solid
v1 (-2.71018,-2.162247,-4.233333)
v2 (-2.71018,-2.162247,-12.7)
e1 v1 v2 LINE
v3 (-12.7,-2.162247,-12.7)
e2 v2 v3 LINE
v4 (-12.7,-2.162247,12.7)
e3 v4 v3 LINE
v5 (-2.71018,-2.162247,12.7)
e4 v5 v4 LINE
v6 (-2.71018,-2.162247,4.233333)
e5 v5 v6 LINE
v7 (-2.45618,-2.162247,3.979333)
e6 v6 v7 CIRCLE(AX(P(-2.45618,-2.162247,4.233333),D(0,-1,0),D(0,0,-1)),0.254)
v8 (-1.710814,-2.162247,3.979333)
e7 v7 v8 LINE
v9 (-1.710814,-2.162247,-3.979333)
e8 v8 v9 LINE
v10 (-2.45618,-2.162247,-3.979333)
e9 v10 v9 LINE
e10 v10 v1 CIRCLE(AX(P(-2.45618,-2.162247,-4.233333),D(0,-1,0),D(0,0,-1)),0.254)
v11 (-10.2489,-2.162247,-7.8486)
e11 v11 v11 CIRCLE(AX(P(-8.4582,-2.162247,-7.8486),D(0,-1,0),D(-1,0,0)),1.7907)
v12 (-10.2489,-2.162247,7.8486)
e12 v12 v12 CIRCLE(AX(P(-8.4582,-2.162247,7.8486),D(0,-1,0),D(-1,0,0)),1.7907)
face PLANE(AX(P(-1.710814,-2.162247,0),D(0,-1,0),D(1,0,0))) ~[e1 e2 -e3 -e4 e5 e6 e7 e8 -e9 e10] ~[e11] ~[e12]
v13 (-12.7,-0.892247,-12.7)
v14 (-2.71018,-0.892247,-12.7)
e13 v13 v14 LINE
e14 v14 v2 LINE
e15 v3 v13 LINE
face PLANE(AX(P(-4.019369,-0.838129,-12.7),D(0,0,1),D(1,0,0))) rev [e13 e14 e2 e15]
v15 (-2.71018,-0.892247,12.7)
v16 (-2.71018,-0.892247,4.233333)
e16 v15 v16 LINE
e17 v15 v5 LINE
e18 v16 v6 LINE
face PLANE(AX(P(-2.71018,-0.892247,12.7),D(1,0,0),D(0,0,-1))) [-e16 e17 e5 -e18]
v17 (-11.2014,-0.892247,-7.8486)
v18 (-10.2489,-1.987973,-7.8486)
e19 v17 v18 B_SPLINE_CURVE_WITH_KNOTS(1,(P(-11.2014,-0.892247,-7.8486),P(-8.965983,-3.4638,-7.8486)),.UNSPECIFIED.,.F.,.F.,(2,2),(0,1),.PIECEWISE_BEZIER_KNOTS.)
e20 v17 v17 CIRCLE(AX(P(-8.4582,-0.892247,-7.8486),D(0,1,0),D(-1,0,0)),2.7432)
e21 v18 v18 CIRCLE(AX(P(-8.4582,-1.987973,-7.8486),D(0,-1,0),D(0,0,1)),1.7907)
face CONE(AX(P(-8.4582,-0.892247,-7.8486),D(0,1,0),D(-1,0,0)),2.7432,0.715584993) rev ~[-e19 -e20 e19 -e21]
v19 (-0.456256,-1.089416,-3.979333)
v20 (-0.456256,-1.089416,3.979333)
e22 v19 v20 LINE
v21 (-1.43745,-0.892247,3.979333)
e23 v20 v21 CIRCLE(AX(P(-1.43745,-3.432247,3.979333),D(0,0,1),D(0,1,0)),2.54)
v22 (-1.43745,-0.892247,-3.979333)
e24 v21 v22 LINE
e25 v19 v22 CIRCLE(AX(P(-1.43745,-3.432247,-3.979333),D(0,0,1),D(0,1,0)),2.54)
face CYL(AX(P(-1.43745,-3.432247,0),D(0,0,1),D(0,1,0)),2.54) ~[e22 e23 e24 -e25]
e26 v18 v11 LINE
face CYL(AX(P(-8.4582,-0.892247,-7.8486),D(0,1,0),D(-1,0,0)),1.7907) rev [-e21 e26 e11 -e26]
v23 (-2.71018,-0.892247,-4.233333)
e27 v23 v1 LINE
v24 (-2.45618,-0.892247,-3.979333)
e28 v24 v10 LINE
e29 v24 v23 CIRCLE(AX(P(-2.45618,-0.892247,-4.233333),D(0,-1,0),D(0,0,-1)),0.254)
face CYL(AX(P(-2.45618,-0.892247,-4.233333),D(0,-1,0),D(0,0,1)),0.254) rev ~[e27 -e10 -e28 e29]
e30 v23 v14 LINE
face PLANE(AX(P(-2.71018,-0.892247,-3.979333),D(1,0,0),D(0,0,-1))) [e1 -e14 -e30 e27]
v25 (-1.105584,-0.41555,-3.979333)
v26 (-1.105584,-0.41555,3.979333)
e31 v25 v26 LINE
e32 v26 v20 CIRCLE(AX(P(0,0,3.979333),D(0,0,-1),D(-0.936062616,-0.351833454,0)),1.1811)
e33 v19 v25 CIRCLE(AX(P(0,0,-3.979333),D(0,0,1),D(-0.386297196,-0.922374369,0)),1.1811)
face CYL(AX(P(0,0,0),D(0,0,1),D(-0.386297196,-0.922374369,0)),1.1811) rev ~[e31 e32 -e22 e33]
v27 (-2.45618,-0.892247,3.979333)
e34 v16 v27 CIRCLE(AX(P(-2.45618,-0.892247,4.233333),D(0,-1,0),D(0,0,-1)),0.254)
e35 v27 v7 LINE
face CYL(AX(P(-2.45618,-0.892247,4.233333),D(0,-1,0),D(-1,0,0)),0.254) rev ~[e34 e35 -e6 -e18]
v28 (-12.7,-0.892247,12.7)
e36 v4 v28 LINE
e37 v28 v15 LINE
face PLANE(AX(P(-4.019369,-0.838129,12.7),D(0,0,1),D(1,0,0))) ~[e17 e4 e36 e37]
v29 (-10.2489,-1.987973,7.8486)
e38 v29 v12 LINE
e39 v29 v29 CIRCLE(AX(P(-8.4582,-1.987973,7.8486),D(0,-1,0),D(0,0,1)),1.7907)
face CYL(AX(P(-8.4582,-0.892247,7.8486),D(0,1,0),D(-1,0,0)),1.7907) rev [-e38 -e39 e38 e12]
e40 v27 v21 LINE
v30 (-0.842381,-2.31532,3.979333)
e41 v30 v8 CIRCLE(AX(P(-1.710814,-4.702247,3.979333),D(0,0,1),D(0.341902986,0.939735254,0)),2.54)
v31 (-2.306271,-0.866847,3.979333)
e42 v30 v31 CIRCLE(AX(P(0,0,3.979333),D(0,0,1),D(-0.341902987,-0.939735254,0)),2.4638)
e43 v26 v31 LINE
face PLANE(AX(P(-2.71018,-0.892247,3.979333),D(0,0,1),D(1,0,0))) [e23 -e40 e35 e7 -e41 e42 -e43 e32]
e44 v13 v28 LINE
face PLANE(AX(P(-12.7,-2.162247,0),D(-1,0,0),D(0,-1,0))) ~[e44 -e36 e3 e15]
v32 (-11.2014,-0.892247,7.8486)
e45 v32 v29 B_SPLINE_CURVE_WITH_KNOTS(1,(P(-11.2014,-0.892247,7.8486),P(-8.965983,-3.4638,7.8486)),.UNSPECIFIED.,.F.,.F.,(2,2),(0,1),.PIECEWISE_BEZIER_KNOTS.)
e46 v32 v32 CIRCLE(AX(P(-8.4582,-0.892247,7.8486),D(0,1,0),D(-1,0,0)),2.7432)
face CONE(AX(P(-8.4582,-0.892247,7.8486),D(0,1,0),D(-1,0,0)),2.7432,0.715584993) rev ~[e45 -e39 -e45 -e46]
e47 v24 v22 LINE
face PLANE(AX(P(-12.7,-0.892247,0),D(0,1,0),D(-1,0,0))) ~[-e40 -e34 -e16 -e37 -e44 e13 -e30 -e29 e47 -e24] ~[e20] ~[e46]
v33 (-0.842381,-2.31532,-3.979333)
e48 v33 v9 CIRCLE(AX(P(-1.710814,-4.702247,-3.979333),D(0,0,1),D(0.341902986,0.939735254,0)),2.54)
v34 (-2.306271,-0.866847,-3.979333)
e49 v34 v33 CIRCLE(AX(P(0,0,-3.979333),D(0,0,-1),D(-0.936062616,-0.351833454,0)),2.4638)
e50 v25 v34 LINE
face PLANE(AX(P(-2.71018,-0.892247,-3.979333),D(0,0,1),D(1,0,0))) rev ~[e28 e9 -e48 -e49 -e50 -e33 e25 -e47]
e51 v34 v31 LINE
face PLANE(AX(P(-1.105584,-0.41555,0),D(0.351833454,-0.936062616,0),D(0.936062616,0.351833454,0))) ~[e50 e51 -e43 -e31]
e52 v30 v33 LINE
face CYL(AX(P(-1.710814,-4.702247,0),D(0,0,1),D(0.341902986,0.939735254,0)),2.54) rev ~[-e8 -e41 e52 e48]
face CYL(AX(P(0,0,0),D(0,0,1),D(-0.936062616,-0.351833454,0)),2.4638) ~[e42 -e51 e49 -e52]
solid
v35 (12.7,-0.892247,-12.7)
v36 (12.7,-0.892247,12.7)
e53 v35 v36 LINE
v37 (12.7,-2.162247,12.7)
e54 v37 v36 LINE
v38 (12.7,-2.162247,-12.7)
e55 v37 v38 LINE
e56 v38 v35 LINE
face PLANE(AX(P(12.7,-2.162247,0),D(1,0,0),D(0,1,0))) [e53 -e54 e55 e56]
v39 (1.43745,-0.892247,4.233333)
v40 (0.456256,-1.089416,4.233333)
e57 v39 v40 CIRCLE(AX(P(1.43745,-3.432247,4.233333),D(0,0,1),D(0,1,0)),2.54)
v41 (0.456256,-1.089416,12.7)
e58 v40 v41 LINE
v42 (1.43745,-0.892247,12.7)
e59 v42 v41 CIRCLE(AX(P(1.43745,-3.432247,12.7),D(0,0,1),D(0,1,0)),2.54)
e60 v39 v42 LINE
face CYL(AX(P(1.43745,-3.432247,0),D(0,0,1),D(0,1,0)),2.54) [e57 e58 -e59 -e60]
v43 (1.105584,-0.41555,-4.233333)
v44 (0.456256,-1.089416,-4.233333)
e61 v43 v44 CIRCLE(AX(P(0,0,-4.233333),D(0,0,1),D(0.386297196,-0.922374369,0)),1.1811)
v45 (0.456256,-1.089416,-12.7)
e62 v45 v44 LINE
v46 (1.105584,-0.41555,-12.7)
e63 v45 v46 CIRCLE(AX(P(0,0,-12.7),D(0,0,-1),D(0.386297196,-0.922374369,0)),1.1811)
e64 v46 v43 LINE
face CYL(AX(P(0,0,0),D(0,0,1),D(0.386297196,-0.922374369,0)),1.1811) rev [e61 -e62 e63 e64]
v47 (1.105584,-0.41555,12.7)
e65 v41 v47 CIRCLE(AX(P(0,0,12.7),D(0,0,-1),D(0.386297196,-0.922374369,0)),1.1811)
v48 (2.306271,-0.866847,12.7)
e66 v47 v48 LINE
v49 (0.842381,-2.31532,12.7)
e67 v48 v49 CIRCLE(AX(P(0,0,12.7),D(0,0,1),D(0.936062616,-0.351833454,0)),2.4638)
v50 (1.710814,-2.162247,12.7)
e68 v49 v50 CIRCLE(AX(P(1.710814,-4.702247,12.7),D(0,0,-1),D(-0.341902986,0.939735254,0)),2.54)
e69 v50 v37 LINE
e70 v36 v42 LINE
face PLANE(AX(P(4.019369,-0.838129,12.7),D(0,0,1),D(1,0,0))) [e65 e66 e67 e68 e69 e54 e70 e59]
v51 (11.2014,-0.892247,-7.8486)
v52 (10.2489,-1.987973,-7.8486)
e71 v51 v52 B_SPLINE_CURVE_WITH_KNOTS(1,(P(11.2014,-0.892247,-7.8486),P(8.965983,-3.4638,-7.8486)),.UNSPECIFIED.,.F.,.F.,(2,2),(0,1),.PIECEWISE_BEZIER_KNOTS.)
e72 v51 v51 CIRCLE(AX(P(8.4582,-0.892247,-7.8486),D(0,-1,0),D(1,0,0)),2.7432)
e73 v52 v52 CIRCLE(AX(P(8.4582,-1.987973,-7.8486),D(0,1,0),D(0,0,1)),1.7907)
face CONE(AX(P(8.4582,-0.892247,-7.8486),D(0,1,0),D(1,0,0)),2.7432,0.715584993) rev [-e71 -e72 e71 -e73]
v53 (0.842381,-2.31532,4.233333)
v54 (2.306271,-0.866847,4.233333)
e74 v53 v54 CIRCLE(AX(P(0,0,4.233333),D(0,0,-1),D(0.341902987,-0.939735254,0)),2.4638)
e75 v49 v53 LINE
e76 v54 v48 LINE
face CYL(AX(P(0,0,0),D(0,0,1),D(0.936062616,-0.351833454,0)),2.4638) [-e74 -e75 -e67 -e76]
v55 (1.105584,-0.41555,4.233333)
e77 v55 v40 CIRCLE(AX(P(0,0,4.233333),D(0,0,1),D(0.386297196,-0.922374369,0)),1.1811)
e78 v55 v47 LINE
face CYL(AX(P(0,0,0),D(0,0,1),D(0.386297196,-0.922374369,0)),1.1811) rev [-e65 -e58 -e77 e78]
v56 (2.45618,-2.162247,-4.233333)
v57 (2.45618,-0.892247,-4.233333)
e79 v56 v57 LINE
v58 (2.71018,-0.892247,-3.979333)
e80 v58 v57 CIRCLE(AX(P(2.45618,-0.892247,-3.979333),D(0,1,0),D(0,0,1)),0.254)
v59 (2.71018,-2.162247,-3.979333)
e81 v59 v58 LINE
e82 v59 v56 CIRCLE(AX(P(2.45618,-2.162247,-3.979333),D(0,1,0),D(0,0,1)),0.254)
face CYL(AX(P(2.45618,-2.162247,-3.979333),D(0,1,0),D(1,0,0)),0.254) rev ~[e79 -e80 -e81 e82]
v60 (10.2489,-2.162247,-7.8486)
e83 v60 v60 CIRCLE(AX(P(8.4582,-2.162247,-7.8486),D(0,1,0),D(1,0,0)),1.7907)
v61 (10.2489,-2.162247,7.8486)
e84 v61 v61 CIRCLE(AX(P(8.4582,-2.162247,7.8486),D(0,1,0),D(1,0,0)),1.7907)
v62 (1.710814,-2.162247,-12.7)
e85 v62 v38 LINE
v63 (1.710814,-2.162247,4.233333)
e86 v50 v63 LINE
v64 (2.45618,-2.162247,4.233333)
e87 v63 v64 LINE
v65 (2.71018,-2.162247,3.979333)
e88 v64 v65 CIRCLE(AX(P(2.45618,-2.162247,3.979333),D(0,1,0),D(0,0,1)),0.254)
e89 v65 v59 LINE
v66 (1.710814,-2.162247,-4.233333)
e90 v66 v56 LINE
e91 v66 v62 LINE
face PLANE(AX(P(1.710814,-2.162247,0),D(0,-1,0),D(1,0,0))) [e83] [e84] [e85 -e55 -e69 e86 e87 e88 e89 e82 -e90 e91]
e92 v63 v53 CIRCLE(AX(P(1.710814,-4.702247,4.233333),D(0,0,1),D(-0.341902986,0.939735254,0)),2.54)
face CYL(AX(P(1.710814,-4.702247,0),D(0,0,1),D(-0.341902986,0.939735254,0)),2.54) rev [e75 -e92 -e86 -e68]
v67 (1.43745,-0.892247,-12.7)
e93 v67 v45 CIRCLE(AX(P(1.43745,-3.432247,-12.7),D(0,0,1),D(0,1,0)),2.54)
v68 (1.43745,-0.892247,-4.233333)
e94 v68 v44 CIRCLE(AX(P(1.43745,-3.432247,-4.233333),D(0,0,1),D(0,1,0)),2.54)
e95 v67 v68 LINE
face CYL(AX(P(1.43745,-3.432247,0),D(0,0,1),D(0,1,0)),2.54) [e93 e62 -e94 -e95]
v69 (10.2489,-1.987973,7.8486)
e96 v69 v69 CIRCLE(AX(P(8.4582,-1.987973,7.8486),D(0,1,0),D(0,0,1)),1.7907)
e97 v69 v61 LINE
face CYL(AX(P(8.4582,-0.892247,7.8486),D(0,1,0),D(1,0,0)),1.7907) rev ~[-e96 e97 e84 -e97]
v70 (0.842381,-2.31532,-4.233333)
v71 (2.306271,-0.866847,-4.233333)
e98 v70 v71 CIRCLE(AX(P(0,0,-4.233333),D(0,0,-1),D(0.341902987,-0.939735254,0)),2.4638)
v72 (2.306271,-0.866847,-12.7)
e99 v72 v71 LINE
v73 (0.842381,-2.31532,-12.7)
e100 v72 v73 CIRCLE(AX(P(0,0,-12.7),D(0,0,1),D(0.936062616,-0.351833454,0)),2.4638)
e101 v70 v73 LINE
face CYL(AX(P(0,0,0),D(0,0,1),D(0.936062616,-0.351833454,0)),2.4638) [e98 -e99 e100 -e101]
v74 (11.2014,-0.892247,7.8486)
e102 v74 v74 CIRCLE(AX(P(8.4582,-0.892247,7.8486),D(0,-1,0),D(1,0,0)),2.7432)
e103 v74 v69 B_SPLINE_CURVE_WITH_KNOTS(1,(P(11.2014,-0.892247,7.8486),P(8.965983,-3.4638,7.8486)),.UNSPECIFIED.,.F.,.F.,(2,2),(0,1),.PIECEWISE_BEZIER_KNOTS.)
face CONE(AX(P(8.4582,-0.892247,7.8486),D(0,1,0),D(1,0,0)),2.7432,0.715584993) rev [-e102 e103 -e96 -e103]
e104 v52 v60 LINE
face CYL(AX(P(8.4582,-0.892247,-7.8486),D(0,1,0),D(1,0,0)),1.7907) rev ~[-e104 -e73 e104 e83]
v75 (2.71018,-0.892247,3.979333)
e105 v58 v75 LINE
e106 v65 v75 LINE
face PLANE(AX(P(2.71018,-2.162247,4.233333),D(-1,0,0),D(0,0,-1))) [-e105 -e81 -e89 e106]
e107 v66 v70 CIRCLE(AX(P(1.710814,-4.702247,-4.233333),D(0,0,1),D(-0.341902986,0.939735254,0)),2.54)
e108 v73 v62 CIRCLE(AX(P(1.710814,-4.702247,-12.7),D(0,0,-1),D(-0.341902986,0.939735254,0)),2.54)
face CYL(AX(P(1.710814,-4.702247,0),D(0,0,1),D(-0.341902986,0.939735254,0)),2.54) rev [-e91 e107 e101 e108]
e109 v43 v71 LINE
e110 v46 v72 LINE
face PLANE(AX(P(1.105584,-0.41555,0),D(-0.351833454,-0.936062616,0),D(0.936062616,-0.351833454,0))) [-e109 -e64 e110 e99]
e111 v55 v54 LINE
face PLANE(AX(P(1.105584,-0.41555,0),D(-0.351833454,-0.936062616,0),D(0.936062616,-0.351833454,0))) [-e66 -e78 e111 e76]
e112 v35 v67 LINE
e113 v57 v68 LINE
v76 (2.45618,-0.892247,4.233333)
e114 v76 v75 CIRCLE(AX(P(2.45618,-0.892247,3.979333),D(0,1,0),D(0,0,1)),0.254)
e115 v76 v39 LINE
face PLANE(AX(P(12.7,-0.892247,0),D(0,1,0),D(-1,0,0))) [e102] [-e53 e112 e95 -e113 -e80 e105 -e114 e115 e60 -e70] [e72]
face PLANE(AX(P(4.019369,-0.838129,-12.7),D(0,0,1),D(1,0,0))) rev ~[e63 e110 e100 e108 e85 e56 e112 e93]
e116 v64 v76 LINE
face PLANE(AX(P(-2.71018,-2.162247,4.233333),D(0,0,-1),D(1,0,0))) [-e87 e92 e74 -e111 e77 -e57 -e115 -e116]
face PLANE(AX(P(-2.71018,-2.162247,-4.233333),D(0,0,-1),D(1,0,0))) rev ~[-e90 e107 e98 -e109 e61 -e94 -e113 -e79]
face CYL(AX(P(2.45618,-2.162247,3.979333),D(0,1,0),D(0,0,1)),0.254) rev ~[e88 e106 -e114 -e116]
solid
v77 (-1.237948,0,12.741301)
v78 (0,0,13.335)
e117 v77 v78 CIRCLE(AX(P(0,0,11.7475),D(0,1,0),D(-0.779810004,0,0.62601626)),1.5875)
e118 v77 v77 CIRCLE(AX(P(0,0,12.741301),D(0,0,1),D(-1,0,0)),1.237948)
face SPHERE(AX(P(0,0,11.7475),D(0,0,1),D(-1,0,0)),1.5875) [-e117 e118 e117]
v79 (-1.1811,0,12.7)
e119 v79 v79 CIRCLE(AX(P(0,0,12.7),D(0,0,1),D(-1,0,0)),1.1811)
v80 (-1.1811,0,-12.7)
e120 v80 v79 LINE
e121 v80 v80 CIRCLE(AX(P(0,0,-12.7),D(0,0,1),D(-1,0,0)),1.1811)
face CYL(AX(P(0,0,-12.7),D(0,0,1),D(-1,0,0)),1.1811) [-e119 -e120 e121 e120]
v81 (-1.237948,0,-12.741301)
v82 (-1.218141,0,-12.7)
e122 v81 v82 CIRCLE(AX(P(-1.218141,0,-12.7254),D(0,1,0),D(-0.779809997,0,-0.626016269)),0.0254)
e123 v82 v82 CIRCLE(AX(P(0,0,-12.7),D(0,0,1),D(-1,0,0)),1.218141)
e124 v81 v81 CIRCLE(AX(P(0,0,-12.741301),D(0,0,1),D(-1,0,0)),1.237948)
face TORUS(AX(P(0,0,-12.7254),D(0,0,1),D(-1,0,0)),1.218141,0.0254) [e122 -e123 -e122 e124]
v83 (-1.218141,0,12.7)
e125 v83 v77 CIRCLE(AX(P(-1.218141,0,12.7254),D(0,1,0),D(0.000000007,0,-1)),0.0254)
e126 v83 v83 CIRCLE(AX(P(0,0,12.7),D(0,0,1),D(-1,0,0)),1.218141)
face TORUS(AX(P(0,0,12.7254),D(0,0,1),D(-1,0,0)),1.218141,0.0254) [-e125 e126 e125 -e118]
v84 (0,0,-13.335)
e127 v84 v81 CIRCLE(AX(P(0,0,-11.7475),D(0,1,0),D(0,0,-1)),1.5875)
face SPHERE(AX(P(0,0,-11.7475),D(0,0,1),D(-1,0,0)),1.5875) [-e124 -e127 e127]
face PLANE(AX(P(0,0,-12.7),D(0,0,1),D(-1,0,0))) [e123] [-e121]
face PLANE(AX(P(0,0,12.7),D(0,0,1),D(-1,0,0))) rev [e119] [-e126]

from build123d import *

# Parameters (mm, degrees)
BOSS_EXTRUDE1_DEPTH      = 12.7
BOSS_EXTRUDE1_DEPTH_BACK = 12.7
SKETCH6_R                = 1.7907
CUT_EXTRUDE1_DEPTH       = 2.54
SKETCH11_R               = 2.7432
CUT_EXTRUDE5_DEPTH       = 2.571552736
CUT_EXTRUDE5_TAPER       = 41
SKETCH8_W                = 5.42036
SKETCH8_H                = 8.466666666
CUT_EXTRUDE2_DEPTH       = 5.626047264
CUT_EXTRUDE2_DEPTH_BACK  = 1.301552736
SKETCH12_W               = 5.42036
SKETCH12_H               = 8.720666667
CUT_EXTRUDE6_DEPTH       = 4.356047264
CUT_EXTRUDE6_DEPTH_BACK  = 2.571552736
FILLET1_R                = 0.254
FILLET2_R                = 0.254


with BuildPart() as part:
    # Sketch4 → Boss-Extrude1 (new body, two sides)
    with BuildSketch(Plane.XY) as boss_extrude1_sk:
        with BuildLine():
            Line((12.7, -2.162247264), (12.7, -0.892247264))
            Line((12.7, -0.892247264), (1.437450496, -0.892247264))
            ThreePointArc((1.437450496, -0.892247264), (0.937045899, -0.942027346), (0.456255618, -1.089416367))
            ThreePointArc((0.456255618, -1.089416367), (-0.850505265, 0.819535237), (1.105583556, -0.415550492))
            Line((1.105583556, -0.415550492), (2.306271073, -0.866847264))
            ThreePointArc((2.306271073, -0.866847264), (-1.732922364, 1.751368185), (0.842380579, -2.315319719))
            ThreePointArc((0.842380579, -2.315319719), (1.269903724, -2.200808082), (1.710814166, -2.162247264))
            Line((1.710814166, -2.162247264), (12.7, -2.162247264))
        make_face()
    extrude(amount=BOSS_EXTRUDE1_DEPTH)
    extrude(boss_extrude1_sk.sketch, amount=-BOSS_EXTRUDE1_DEPTH_BACK)

    # Sketch6 → Cut-Extrude1 (cut)
    with BuildSketch(Plane(origin=(0, -0.892247264, 0), x_dir=(1, 0, 0), z_dir=(0, 1, 0))):
        with Locations((8.4582, -7.8486)):
            Circle(SKETCH6_R)
        with Locations((8.4582, 7.8486)):
            Circle(SKETCH6_R)
    extrude(amount=-CUT_EXTRUDE1_DEPTH, mode=Mode.SUBTRACT)

    # Sketch11 → Cut-Extrude5 (cut, through all)
    with BuildSketch(Plane(origin=(0, -0.892247264, 0), x_dir=(1, 0, 0), z_dir=(0, 1, 0))):
        with Locations((8.4582, 7.8486)):
            Circle(SKETCH11_R)
        with Locations((8.4582, -7.8486)):
            Circle(SKETCH11_R)
    extrude(amount=-CUT_EXTRUDE5_DEPTH, taper=CUT_EXTRUDE5_TAPER, mode=Mode.SUBTRACT)


with BuildPart() as body_2:
    # Sketch5 → Revolve1 (revolve)
    with BuildSketch(Plane(origin=(0, 0, 0), x_dir=(1, 0, 0), z_dir=(0, 1, 0))):
        with BuildLine():
            ThreePointArc((-1.237948381, 12.741300813), (-1.241043616, 12.714416391), (-1.218141207, 12.7))
            Line((-1.218141207, 12.7), (-1.1811, 12.7))
            Line((-1.1811, 12.7), (-1.1811, -12.7))
            Line((-1.1811, -12.7), (-1.218141207, -12.7))
            ThreePointArc((-1.218141207, -12.7), (-1.241043616, -12.714416391), (-1.237948381, -12.741300813))
            ThreePointArc((-1.237948381, -12.741300813), (-0.686475586, -13.178900545), (0, -13.335))
            Line((0, -13.335), (0, 13.335))
            ThreePointArc((0, 13.335), (-0.686475586, 13.178900545), (-1.237948381, 12.741300813))
        make_face()
    revolve(axis=Axis((0, 0, -13.335), (0, 0, 1)))


with BuildPart() as body_3:
    # Mirror1: mirrored copy
    add(part.part.mirror(Plane(origin=(0, 0, 0), x_dir=(0, 0, 1), z_dir=(1, 0, 0))))

    # Sketch12 → Cut-Extrude6 (cut, two sides)
    with BuildSketch(Plane(origin=(0, -0.892247264, 0), x_dir=(1, 0, 0), z_dir=(0, 1, 0))) as cut_extrude6_sk:
        with Locations((0, 8.339666667)):
            Rectangle(SKETCH12_W, SKETCH12_H)
        with Locations((0, -8.339666667)):
            Rectangle(SKETCH12_W, SKETCH12_H)
    extrude(amount=CUT_EXTRUDE6_DEPTH, mode=Mode.SUBTRACT)
    extrude(cut_extrude6_sk.sketch, amount=-CUT_EXTRUDE6_DEPTH_BACK, mode=Mode.SUBTRACT)

    # Fillet1
    fillet1_edges = [body_3.edges().sort_by_distance(p)[0] for p in [
        (-2.71018, -1.527247264, 3.979333333),
        (-2.71018, -1.527247264, -3.979333333),
    ]]
    fillet(fillet1_edges, radius=FILLET1_R)


with BuildPart() as part_1:
    add(part.part)

    # Sketch8 → Cut-Extrude2 (cut, two sides)
    with BuildSketch(Plane(origin=(0, -2.162247264, 0), x_dir=(1, 0, 0), z_dir=(0, 1, 0))) as cut_extrude2_sk:
        Rectangle(SKETCH8_W, SKETCH8_H)
    extrude(amount=CUT_EXTRUDE2_DEPTH, mode=Mode.SUBTRACT)
    extrude(cut_extrude2_sk.sketch, amount=-CUT_EXTRUDE2_DEPTH_BACK, mode=Mode.SUBTRACT)

    # Fillet2
    fillet2_edges = [part_1.edges().sort_by_distance(p)[0] for p in [
        (2.71018, -1.527247264, -4.233333333),
        (2.71018, -1.527247264, 4.233333333),
    ]]
    fillet(fillet2_edges, radius=FILLET2_R)


solid = Compound([body_2.part, body_3.part, part_1.part])
